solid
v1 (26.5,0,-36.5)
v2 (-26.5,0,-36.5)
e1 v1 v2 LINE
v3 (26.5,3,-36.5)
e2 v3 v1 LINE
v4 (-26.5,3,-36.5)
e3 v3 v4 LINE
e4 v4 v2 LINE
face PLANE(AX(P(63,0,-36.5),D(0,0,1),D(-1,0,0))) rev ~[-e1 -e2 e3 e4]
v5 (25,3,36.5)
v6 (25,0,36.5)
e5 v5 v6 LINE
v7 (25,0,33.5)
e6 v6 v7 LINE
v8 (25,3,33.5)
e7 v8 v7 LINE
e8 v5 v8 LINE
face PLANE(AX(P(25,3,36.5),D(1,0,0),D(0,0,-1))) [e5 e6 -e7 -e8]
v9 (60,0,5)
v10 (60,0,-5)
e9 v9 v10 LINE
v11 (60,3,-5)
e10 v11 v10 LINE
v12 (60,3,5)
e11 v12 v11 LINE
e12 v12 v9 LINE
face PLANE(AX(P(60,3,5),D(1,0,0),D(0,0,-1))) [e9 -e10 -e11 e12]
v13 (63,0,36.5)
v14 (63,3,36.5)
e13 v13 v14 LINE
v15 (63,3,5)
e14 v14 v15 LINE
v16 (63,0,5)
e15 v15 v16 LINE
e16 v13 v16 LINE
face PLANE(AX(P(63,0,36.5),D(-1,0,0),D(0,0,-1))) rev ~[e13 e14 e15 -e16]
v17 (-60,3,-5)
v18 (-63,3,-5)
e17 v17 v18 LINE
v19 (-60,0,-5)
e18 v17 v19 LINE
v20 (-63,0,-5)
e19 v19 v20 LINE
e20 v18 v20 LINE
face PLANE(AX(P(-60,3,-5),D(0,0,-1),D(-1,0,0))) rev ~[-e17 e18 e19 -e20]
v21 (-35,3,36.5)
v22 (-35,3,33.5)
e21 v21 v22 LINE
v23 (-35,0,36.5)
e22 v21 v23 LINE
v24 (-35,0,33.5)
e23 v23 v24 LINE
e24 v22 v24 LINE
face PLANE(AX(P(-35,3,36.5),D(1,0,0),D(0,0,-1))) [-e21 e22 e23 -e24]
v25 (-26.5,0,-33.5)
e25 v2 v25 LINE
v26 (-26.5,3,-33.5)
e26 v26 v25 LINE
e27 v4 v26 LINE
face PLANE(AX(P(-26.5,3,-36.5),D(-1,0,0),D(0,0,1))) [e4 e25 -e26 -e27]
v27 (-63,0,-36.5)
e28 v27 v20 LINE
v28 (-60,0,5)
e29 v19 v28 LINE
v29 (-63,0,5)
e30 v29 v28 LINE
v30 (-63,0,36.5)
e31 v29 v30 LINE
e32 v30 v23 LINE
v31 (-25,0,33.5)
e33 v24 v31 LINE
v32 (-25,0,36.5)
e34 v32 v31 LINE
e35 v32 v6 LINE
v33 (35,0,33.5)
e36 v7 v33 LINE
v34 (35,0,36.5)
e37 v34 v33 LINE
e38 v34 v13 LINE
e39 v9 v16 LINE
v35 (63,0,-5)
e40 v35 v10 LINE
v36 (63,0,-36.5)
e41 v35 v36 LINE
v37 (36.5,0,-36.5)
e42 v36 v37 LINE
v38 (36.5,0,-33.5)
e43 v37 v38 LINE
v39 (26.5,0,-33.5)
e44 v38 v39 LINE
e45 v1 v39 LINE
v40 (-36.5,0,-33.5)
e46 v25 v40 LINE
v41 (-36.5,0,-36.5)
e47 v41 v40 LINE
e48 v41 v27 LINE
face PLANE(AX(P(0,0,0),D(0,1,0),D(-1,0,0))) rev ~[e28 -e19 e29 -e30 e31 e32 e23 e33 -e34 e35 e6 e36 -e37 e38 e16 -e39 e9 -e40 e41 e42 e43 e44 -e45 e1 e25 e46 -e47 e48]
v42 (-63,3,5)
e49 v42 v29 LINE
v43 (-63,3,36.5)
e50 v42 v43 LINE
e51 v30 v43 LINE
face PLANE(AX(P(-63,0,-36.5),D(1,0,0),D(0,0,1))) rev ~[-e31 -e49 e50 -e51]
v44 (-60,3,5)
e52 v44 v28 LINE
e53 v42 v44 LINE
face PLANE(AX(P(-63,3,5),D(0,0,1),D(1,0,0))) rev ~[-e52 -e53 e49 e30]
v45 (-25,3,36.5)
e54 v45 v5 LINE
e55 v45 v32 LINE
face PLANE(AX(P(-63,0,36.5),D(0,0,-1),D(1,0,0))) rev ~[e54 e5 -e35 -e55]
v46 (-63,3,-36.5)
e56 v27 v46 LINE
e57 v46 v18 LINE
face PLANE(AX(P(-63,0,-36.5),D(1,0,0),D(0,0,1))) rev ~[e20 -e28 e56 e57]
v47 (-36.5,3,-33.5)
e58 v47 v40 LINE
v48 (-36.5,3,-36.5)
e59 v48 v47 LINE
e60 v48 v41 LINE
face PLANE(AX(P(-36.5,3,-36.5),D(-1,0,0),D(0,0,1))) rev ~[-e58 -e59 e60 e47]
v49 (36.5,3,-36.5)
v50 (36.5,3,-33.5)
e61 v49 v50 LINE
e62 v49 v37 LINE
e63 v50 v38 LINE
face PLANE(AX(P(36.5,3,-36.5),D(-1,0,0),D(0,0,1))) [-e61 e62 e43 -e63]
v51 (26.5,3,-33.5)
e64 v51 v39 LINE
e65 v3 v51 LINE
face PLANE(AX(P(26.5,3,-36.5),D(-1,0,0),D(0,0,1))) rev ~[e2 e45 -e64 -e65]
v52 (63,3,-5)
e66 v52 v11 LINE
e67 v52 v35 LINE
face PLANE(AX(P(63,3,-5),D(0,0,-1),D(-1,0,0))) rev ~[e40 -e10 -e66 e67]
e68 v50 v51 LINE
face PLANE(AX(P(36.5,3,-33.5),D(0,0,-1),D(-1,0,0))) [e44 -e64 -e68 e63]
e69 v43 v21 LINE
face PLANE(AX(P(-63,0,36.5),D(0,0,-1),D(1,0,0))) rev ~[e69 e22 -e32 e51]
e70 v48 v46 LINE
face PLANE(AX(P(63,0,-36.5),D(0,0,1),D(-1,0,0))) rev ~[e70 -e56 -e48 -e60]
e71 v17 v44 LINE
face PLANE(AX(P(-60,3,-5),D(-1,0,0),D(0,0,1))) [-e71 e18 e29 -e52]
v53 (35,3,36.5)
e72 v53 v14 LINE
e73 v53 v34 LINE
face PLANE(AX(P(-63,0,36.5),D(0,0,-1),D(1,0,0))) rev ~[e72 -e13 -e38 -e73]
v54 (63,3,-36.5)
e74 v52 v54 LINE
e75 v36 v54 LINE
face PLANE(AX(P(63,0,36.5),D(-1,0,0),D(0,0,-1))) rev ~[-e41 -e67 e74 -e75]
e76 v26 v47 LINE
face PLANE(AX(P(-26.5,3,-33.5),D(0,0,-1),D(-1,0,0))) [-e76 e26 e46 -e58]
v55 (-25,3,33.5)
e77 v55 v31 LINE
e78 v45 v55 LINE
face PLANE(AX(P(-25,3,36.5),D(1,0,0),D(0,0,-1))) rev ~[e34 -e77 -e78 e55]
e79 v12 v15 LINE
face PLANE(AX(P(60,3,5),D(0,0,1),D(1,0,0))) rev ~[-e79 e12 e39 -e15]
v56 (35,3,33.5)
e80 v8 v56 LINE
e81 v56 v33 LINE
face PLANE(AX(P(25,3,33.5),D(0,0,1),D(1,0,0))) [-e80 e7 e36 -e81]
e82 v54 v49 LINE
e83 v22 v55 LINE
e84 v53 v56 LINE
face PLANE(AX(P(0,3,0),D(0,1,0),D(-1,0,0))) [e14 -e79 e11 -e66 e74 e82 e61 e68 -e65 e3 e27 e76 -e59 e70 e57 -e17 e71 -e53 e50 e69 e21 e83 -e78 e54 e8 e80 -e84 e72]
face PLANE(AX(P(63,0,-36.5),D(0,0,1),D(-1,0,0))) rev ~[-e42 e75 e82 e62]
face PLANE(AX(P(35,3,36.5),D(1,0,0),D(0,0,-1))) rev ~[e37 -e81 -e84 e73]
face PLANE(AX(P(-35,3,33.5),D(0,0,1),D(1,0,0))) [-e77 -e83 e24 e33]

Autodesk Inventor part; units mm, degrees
ref_plane "YZ Plane" through (0, 0, 0) normal (1, 0, 0) x (0, 1, 0)
ref_plane "XZ Plane" through (0, 0, 0) normal (0, 1, 0) x (-1, 0, 0)
ref_plane "XY Plane" through (0, 0, 0) normal (0, 0, 1) x (1, 0, 0)
sketch "Sketch1" plane through (0, 0, 0) normal (0, 1, 0) x (-1, 0, 0)
  line L0 (-63, -36.5) -> (63, -36.5)
  line L1 (63, -36.5) -> (63, 36.5)
  line L2 (63, 36.5) -> (-63, 36.5)
  line L3 (-63, 36.5) -> (-63, -36.5)
  line L4 (-63, -36.5) -> (63, 36.5) construction
  line L5 (63, -36.5) -> (-63, 36.5) construction
  point P0 (0, 0)
  dimension "d0" = 126
  dimension "d1" = 73
extrude "Extrusion1" add sketch "Sketch1" along normal blind 3
sketch "Sketch3" plane through (0, 3, 0) normal (0, 1, 0) x (1, 0, 0)
  line L0 (-25, -33.5) -> (25, -33.5)
  line L1 (-35, -33.5) -> (-25, -33.5)
  line L2 (-60, -33.5) -> (-35, -33.5)
  line L3 (-60, -5) -> (-60, -36.5)
  line L4 (-60, 5) -> (-60, -5)
  line L5 (-60, 36.5) -> (-60, 5)
  line L6 (-36.5, 33.5) -> (-60, 33.5)
  line L7 (-26.5, 33.5) -> (-36.5, 33.5)
  line L8 (26.5, 33.5) -> (-26.5, 33.5)
  line L9 (36.5, 33.5) -> (26.5, 33.5)
  line L10 (60, 33.5) -> (36.5, 33.5)
  line L11 (60, 5) -> (60, 36.5)
  line L12 (60, -5) -> (60, 5)
  line L13 (60, -36.5) -> (60, -5)
  line L14 (35, -33.5) -> (60, -33.5)
  line L15 (25, -33.5) -> (35, -33.5)
  line L16 (-35, -36.5) -> (-35, -33.5)
  line L17 (-25, -36.5) -> (-25, -33.5)
  line L18 (25, -36.5) -> (25, -33.5)
  line L19 (35, -36.5) -> (35, -33.5)
  line L20 (-36.5, 36.5) -> (-36.5, 33.5)
  line L21 (-26.5, 36.5) -> (-26.5, 33.5)
  line L22 (26.5, 36.5) -> (26.5, 33.5)
  line L23 (36.5, 36.5) -> (36.5, 33.5)
  line L24 (-60, 5) -> (-63, 5)
  line L25 (-63, -5) -> (-60, -5)
  line L26 (63, 5) -> (60, 5)
  line L27 (60, -5) -> (63, -5)
  line L28 (63, -36.5) -> (63, 36.5) projected
  line L29 (63, 36.5) -> (-63, 36.5) projected
  line L30 (-63, 36.5) -> (-63, -36.5) projected
  line L31 (-63, -36.5) -> (63, -36.5) projected
  point P0 (0, 0)
extrude "Extrusion3" cut sketch "Sketch3" against normal through all contours L17 L31 L16 L1 | L15 L19 L31 L18 | L25 L30 L24 L4 | L12 L26 L28 L27 | L20 L29 L21 L7 | L9 L22 L29 L23
sketch "Sketch4" plane through (0, 3, 0) normal (0, 1, 0) x (1, 0, 0)
  line L0 (-63, -5) -> (-60, -5) projected
  line L1 (-60, -5) -> (-60, 5) projected
  line L2 (-60, 5) -> (-63, 5) projected
  line L3 (-63, 5) -> (-63, 36.5) projected
  line L4 (-63, 36.5) -> (-36.5, 36.5) projected
  line L5 (-36.5, 36.5) -> (-36.5, 33.5) projected
  line L6 (-36.5, 33.5) -> (-26.5, 33.5) projected
  line L7 (-26.5, 33.5) -> (-26.5, 36.5) projected
  line L8 (-26.5, 36.5) -> (26.5, 36.5) projected
  line L9 (26.5, 36.5) -> (26.5, 33.5) projected
  line L10 (26.5, 33.5) -> (36.5, 33.5) projected
  line L11 (36.5, 33.5) -> (36.5, 36.5) projected
  line L12 (36.5, 36.5) -> (63, 36.5) projected
  line L13 (63, 36.5) -> (63, 5) projected
  line L14 (63, 5) -> (60, 5) projected
  line L15 (60, 5) -> (60, -5) projected
  line L16 (60, -5) -> (63, -5) projected
  line L17 (63, -5) -> (63, -36.5) projected
  line L18 (63, -36.5) -> (35, -36.5) projected
  line L19 (35, -36.5) -> (35, -33.5) projected
  line L20 (35, -33.5) -> (25, -33.5) projected
  line L21 (25, -33.5) -> (25, -36.5) projected
  line L22 (25, -36.5) -> (-25, -36.5) projected
  line L23 (-25, -36.5) -> (-25, -33.5) projected
  line L24 (-25, -33.5) -> (-35, -33.5) projected
  line L25 (-35, -33.5) -> (-35, -36.5) projected
  line L26 (-35, -36.5) -> (-63, -36.5) projected
  line L27 (-63, -36.5) -> (-63, -5) projected
  point P0 (0, 0)
properties part number "top"
